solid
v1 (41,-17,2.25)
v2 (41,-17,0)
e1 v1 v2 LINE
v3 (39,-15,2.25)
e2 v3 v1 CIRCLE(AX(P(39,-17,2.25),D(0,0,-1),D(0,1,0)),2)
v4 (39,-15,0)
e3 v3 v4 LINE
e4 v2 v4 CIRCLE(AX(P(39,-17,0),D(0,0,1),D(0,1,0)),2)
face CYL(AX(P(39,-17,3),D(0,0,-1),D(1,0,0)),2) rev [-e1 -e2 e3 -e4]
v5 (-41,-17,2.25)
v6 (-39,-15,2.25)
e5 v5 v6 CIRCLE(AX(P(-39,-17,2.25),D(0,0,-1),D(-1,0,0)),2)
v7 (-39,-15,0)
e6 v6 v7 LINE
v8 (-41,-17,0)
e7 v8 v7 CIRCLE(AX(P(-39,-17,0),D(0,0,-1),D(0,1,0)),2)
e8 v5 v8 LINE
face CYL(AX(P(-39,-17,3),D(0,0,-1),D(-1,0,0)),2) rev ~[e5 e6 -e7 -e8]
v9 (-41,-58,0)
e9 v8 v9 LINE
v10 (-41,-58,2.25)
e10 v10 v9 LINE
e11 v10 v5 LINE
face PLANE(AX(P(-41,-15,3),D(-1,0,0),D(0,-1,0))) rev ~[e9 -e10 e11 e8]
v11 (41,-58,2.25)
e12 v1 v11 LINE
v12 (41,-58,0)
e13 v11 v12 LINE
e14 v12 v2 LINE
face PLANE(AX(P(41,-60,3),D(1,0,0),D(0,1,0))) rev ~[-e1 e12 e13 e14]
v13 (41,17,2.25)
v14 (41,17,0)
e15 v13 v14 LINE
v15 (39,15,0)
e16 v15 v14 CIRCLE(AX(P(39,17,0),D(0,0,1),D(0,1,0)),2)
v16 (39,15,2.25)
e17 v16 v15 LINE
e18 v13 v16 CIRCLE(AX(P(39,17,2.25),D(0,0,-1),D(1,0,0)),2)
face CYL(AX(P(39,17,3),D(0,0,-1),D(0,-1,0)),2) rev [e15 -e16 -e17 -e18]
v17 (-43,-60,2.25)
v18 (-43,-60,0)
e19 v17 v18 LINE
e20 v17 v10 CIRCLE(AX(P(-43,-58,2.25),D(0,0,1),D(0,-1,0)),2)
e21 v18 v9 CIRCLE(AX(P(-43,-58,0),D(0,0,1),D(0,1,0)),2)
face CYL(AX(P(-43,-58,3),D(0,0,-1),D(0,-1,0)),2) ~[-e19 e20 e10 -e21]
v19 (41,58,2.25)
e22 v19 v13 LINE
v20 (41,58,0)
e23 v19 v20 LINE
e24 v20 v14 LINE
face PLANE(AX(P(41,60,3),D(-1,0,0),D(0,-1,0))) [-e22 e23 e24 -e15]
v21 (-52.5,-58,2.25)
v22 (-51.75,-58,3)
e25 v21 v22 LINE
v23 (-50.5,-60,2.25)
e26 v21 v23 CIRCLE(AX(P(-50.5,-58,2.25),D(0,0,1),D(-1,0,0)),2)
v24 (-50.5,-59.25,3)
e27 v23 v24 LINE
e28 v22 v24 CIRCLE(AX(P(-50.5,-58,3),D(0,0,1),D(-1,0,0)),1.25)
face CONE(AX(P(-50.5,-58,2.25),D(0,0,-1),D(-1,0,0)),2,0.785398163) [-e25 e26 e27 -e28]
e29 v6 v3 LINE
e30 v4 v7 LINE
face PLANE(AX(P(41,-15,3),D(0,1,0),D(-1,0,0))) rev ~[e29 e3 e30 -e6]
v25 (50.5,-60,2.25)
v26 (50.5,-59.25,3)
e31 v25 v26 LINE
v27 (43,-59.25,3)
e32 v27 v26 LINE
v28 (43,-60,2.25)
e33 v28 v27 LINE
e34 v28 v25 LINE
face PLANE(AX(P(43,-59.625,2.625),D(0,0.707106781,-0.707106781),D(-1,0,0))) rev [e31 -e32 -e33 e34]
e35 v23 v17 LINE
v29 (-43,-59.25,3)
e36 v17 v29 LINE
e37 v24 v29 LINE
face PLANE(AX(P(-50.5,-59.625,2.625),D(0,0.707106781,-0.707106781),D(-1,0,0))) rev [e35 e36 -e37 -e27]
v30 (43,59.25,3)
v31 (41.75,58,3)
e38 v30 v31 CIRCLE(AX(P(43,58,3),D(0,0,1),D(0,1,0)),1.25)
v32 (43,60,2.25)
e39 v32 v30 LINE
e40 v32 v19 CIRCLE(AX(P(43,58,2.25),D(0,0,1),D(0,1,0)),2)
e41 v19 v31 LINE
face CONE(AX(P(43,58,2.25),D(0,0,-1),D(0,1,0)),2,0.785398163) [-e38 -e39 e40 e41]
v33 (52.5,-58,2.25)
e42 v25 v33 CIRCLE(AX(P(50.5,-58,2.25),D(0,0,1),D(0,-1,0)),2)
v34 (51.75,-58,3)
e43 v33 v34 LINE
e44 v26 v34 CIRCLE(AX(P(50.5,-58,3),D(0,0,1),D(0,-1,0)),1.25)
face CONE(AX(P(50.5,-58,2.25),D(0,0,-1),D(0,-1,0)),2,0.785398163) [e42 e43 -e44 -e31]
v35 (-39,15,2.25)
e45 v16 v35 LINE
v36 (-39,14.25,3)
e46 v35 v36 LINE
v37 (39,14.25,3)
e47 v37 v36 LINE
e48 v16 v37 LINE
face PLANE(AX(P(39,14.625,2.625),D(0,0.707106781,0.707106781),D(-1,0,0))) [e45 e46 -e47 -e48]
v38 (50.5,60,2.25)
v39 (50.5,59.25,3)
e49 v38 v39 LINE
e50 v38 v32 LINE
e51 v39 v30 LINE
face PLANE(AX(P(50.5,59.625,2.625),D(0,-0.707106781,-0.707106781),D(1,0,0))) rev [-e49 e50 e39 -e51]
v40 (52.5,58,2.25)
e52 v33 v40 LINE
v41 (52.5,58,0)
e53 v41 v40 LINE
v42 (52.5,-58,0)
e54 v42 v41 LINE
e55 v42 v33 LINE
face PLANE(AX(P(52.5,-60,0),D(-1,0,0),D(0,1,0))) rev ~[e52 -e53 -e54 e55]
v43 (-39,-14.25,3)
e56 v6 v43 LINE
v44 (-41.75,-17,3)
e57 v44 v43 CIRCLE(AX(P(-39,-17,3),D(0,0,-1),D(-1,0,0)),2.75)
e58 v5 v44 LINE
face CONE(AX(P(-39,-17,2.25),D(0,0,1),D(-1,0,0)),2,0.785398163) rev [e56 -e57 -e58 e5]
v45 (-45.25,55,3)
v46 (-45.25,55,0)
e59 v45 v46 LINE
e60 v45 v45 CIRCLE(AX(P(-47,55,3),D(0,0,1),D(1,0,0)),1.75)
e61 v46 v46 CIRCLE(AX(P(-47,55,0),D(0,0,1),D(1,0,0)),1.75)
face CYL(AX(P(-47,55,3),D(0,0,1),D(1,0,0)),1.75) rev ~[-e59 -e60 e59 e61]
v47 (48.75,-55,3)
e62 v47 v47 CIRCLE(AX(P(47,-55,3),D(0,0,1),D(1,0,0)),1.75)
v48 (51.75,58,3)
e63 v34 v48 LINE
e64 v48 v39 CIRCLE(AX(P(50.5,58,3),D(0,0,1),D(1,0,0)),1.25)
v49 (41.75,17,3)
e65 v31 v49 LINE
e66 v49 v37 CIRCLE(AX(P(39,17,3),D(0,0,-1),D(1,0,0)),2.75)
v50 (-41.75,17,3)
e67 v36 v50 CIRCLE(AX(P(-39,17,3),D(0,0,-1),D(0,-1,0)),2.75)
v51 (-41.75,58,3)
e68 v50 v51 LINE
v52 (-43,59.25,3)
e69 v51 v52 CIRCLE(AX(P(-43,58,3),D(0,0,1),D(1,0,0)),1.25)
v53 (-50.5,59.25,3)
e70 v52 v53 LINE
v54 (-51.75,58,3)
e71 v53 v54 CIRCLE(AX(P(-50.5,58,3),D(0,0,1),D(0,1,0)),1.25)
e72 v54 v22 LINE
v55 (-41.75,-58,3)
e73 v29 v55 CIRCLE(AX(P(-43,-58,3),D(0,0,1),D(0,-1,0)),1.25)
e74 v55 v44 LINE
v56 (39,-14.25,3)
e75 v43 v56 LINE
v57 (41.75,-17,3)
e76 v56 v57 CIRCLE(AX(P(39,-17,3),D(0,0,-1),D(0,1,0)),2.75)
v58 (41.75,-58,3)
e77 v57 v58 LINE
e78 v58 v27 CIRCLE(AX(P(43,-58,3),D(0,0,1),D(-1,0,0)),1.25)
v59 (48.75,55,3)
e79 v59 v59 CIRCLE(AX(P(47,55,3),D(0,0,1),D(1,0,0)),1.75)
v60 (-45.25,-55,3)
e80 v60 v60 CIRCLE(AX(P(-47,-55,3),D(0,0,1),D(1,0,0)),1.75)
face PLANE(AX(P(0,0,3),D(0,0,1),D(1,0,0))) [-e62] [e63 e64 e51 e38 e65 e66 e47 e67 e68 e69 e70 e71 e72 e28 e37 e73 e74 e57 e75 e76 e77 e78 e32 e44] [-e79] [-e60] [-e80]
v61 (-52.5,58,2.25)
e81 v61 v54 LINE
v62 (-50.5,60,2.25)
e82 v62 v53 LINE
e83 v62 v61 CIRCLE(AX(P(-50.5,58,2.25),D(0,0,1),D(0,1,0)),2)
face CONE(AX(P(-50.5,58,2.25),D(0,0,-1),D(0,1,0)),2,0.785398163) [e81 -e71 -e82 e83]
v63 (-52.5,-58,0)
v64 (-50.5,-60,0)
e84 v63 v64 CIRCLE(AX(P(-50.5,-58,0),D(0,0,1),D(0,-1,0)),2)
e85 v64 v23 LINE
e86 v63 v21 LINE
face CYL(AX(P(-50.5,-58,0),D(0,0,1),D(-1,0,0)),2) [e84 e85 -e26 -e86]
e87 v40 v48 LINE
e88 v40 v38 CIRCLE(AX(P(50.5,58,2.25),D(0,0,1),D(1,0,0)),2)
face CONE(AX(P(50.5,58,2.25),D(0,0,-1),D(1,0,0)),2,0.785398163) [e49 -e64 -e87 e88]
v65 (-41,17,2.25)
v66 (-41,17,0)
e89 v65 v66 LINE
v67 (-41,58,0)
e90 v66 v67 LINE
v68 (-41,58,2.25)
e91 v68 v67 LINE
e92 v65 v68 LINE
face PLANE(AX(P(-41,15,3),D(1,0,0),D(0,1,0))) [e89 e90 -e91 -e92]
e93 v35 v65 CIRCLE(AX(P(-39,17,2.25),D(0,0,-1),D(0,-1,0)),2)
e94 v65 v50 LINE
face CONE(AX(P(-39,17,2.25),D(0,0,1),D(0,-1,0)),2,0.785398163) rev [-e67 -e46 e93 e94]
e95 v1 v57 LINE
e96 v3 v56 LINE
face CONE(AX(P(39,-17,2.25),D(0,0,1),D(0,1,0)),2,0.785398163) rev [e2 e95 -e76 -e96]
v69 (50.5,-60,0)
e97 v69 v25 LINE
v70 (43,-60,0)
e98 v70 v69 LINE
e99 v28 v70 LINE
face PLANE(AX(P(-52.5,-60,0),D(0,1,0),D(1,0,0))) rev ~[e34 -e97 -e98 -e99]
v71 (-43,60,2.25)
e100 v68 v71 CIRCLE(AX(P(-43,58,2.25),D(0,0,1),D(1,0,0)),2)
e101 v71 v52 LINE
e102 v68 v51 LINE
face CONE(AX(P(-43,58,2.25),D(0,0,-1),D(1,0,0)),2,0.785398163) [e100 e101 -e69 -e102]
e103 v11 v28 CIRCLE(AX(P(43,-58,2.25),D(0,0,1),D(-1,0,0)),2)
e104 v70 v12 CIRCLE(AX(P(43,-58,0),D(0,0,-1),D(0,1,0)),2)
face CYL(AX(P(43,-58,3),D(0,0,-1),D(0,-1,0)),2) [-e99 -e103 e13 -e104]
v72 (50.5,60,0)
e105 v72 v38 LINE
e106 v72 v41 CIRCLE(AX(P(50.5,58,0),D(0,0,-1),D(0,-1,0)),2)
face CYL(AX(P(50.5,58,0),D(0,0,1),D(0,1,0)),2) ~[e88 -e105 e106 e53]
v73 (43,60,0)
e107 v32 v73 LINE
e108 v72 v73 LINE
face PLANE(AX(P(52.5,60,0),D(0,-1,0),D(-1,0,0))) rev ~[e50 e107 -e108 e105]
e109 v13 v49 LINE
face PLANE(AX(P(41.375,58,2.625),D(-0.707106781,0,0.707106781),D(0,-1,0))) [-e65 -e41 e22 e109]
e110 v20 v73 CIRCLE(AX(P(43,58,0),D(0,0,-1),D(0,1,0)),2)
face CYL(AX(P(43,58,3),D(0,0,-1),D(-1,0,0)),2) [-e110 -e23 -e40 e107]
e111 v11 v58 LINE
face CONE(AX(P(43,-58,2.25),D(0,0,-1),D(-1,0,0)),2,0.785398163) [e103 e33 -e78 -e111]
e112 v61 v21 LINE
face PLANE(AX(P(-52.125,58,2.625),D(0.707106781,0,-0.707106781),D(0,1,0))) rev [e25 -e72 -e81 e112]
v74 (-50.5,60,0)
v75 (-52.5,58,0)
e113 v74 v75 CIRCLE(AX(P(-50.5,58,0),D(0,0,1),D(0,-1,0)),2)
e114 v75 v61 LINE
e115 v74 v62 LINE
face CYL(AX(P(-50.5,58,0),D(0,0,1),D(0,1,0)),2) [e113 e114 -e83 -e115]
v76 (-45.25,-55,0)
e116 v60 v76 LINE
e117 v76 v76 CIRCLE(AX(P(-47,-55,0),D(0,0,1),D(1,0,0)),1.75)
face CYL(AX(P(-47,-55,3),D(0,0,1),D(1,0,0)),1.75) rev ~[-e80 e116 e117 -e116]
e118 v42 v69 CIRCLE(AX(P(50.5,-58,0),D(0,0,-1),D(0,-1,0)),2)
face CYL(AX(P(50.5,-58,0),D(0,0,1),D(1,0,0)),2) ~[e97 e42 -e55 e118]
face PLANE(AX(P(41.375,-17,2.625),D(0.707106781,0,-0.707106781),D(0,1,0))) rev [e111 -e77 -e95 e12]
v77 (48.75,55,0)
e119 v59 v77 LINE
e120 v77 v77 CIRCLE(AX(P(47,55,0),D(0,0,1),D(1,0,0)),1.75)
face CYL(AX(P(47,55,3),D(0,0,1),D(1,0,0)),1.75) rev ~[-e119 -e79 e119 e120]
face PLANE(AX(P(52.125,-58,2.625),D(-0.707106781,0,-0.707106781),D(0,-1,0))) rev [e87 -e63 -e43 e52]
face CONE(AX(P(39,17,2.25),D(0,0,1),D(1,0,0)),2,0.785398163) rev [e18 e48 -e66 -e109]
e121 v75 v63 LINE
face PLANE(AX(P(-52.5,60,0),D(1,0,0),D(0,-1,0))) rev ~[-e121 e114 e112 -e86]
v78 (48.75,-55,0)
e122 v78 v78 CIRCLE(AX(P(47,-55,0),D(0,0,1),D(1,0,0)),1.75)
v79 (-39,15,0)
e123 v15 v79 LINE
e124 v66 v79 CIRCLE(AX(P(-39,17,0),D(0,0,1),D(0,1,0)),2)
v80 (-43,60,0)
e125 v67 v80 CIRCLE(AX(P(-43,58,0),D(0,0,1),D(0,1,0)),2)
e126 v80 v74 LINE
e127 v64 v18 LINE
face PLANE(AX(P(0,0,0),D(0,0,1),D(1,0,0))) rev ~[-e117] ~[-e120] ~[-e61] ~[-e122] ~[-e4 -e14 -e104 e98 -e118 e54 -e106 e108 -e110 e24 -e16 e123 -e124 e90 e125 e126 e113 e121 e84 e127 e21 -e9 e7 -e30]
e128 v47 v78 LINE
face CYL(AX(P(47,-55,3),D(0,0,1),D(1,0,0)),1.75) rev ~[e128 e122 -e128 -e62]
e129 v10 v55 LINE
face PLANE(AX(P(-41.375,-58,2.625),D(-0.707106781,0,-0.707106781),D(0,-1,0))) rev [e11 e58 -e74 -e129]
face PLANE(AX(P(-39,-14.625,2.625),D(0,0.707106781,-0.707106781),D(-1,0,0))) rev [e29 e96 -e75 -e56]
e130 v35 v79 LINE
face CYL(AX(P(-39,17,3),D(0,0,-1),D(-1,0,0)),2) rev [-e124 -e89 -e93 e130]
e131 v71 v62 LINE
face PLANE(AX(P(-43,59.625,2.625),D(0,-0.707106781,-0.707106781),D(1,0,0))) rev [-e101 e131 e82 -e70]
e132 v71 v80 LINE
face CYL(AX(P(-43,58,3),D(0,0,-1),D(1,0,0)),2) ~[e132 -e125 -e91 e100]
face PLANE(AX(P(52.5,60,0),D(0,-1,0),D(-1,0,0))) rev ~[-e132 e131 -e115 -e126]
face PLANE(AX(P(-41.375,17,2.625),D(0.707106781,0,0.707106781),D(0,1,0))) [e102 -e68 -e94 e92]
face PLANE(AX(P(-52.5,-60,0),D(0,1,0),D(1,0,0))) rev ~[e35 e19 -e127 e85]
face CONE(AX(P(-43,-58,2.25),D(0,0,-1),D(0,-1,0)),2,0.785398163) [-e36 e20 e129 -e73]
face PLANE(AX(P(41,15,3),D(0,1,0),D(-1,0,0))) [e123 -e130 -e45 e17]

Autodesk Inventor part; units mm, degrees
ref_plane "YZ Plane" through (0, 0, 0) normal (1, 0, 0) x (0, 1, 0)
ref_plane "XZ Plane" through (0, 0, 0) normal (0, 1, 0) x (-1, 0, 0)
ref_plane "XY Plane" through (0, 0, 0) normal (0, 0, 1) x (1, 0, 0)
sketch "Sketch1" plane through (0, 0, 0) normal (0, 0, 1) x (1, 0, 0)
  line L0 (-52.5, -60) -> (52.5, -60)
  line L1 (52.5, -60) -> (52.5, 60)
  line L2 (52.5, 60) -> (-52.5, 60)
  line L3 (-52.5, 60) -> (-52.5, -60)
  line L4 (-52.5, -60) -> (52.5, 60) construction
  line L5 (52.5, -60) -> (-52.5, 60) construction
  point P0 (0, 0)
  dimension "d0" = 105
  dimension "d1" = 120
extrude "Extrusion1" add sketch "Sketch1" along normal blind 3
sketch "Sketch2" plane through (0, 0, 3) normal (0, 0, 1) x (1, 0, 0)
  circle A0 centre (-47, 55) radius 1.75
  line L0 (-73.5, 0) -> (73.5, 0) construction
  line L1 (0, 84) -> (0, -84) construction
  circle A1 centre (47, 55) radius 1.75
  circle A2 centre (-47, -55) radius 1.75
  circle A3 centre (47, -55) radius 1.75
  point P0 (0, 0)
  dimension "d4" = 3.5
  dimension "d5" = 94
  dimension "d6" = 110
extrude "Extrusion2" cut sketch "Sketch2" against normal blind 3
sketch "Sketch3" plane through (0, 0, 3) normal (0, 0, 1) x (1, 0, 0)
  line L0 (52.5, 60) -> (-52.5, 60) construction
  line L1 (52.5, 60) -> (-52.5, 60) construction
  line L2 (-41, 60) -> (41, 60)
  line L3 (41, 60) -> (41, 15)
  line L4 (41, 15) -> (-41, 15)
  line L5 (-41, 15) -> (-41, 60)
  line L6 (-52.5, 60) -> (-52.5, -60) construction
  line L7 (52.5, -60) -> (52.5, 60) construction
  line L8 (-73.5, 0) -> (73.5, 0) projected
  line L9 (52.5, -60) -> (-52.5, -60) construction
  line L10 (52.5, -60) -> (-52.5, -60) construction
  line L11 (-41, -60) -> (41, -60)
  line L12 (41, -60) -> (41, -15)
  line L13 (41, -15) -> (-41, -15)
  line L14 (-41, -15) -> (-41, -60)
  point P0 (0, 0)
  dimension "d9" = 15
  dimension "d10" = 82
  dimension "d11" = 11.5
  dimension "d12" = 105
extrude "Extrusion3" cut sketch "Sketch3" against normal blind 3
fillet "Fillet1" radius 2 4 edges at (-41, 15, 1.5) (41, 15, 1.5) (41, -15, 1.5) (-41, -15, 1.5)
fillet "Fillet2" radius 2 8 edges at (41, 60, 1.5) (52.5, 60, 1.5) (-41, 60, 1.5) (-52.5, 60, 1.5) (-52.5, -60, 1.5) (-41, -60, 1.5) (41, -60, 1.5) (52.5, -60, 1.5)
chamfer "Chamfer1" distance 0.75 angle 45 24 edges at (52.5, 0, 3) (51.9142, 59.4142, 3) (46.75, 60, 3) (41.5858, 59.4142, 3) (41, 37.5, 3) (40.4142, 15.5858, 3) (0, 15, 3) (-40.4142, 15.5858, 3) (-41, 37.5, 3) (-41.5858, 59.4142, 3) (-46.75, 60, 3) (-51.9142, 59.4142, 3) (-52.5, 0, 3) (-51.9142, -59.4142, 3) (-46.75, -60, 3) (-41.5858, -59.4142, 3) (-41, -37.5, 3) (-40.4142, -15.5858, 3) (0, -15, 3) (40.4142, -15.5858, 3) (41, -37.5, 3) (41.5858, -59.4142, 3) (46.75, -60, 3) (51.9142, -59.4142, 3)
sketch "Sketch4" plane through (0, 0, 3) normal (0, 0, 1) x (1, 0, 0)
  line L0 (-41, 17) -> (-41, 58) projected
  arc A0 (-41, 17) -> (-39, 15) centre (-39, 17) ccw projected
  line L1 (39, 15) -> (-39, 15) projected
  arc A1 (39, 15) -> (41, 17) centre (39, 17) ccw projected
  line L2 (41, 58) -> (41, 17) projected
  arc A2 (43, 60) -> (41, 58) centre (43, 58) ccw projected
  line L3 (50.5, 60) -> (43, 60) projected
  arc A3 (52.5, 58) -> (50.5, 60) centre (50.5, 58) ccw projected
  line L4 (52.5, -58) -> (52.5, 58) projected
  arc A4 (50.5, -60) -> (52.5, -58) centre (50.5, -58) ccw projected
  line L5 (43, -60) -> (50.5, -60) projected
  arc A5 (41, -58) -> (43, -60) centre (43, -58) ccw projected
  line L6 (41, -17) -> (41, -58) projected
  arc A6 (41, -17) -> (39, -15) centre (39, -17) ccw projected
  line L7 (-39, -15) -> (39, -15) projected
  arc A7 (-39, -15) -> (-41, -17) centre (-39, -17) ccw projected
  line L8 (-41, -58) -> (-41, -17) projected
  arc A8 (-43, -60) -> (-41, -58) centre (-43, -58) ccw projected
  line L9 (-50.5, -60) -> (-43, -60) projected
  arc A9 (-52.5, -58) -> (-50.5, -60) centre (-50.5, -58) ccw projected
  line L10 (-52.5, 58) -> (-52.5, -58) projected
  arc A10 (-50.5, 60) -> (-52.5, 58) centre (-50.5, 58) ccw projected
  line L11 (-43, 60) -> (-50.5, 60) projected
  arc A11 (-41, 58) -> (-43, 60) centre (-43, 58) ccw projected
  circle A12 centre (-47, 55) radius 1.75 projected
  circle A13 centre (47, 55) radius 1.75 projected
  circle A14 centre (47, -55) radius 1.75 projected
  circle A15 centre (-47, -55) radius 1.75 projected
  point P0 (0, 0)
equation "\"d11\" = -0.5 * d10 + 0.5 * d12"
properties part number "BatteryHolderTop"
